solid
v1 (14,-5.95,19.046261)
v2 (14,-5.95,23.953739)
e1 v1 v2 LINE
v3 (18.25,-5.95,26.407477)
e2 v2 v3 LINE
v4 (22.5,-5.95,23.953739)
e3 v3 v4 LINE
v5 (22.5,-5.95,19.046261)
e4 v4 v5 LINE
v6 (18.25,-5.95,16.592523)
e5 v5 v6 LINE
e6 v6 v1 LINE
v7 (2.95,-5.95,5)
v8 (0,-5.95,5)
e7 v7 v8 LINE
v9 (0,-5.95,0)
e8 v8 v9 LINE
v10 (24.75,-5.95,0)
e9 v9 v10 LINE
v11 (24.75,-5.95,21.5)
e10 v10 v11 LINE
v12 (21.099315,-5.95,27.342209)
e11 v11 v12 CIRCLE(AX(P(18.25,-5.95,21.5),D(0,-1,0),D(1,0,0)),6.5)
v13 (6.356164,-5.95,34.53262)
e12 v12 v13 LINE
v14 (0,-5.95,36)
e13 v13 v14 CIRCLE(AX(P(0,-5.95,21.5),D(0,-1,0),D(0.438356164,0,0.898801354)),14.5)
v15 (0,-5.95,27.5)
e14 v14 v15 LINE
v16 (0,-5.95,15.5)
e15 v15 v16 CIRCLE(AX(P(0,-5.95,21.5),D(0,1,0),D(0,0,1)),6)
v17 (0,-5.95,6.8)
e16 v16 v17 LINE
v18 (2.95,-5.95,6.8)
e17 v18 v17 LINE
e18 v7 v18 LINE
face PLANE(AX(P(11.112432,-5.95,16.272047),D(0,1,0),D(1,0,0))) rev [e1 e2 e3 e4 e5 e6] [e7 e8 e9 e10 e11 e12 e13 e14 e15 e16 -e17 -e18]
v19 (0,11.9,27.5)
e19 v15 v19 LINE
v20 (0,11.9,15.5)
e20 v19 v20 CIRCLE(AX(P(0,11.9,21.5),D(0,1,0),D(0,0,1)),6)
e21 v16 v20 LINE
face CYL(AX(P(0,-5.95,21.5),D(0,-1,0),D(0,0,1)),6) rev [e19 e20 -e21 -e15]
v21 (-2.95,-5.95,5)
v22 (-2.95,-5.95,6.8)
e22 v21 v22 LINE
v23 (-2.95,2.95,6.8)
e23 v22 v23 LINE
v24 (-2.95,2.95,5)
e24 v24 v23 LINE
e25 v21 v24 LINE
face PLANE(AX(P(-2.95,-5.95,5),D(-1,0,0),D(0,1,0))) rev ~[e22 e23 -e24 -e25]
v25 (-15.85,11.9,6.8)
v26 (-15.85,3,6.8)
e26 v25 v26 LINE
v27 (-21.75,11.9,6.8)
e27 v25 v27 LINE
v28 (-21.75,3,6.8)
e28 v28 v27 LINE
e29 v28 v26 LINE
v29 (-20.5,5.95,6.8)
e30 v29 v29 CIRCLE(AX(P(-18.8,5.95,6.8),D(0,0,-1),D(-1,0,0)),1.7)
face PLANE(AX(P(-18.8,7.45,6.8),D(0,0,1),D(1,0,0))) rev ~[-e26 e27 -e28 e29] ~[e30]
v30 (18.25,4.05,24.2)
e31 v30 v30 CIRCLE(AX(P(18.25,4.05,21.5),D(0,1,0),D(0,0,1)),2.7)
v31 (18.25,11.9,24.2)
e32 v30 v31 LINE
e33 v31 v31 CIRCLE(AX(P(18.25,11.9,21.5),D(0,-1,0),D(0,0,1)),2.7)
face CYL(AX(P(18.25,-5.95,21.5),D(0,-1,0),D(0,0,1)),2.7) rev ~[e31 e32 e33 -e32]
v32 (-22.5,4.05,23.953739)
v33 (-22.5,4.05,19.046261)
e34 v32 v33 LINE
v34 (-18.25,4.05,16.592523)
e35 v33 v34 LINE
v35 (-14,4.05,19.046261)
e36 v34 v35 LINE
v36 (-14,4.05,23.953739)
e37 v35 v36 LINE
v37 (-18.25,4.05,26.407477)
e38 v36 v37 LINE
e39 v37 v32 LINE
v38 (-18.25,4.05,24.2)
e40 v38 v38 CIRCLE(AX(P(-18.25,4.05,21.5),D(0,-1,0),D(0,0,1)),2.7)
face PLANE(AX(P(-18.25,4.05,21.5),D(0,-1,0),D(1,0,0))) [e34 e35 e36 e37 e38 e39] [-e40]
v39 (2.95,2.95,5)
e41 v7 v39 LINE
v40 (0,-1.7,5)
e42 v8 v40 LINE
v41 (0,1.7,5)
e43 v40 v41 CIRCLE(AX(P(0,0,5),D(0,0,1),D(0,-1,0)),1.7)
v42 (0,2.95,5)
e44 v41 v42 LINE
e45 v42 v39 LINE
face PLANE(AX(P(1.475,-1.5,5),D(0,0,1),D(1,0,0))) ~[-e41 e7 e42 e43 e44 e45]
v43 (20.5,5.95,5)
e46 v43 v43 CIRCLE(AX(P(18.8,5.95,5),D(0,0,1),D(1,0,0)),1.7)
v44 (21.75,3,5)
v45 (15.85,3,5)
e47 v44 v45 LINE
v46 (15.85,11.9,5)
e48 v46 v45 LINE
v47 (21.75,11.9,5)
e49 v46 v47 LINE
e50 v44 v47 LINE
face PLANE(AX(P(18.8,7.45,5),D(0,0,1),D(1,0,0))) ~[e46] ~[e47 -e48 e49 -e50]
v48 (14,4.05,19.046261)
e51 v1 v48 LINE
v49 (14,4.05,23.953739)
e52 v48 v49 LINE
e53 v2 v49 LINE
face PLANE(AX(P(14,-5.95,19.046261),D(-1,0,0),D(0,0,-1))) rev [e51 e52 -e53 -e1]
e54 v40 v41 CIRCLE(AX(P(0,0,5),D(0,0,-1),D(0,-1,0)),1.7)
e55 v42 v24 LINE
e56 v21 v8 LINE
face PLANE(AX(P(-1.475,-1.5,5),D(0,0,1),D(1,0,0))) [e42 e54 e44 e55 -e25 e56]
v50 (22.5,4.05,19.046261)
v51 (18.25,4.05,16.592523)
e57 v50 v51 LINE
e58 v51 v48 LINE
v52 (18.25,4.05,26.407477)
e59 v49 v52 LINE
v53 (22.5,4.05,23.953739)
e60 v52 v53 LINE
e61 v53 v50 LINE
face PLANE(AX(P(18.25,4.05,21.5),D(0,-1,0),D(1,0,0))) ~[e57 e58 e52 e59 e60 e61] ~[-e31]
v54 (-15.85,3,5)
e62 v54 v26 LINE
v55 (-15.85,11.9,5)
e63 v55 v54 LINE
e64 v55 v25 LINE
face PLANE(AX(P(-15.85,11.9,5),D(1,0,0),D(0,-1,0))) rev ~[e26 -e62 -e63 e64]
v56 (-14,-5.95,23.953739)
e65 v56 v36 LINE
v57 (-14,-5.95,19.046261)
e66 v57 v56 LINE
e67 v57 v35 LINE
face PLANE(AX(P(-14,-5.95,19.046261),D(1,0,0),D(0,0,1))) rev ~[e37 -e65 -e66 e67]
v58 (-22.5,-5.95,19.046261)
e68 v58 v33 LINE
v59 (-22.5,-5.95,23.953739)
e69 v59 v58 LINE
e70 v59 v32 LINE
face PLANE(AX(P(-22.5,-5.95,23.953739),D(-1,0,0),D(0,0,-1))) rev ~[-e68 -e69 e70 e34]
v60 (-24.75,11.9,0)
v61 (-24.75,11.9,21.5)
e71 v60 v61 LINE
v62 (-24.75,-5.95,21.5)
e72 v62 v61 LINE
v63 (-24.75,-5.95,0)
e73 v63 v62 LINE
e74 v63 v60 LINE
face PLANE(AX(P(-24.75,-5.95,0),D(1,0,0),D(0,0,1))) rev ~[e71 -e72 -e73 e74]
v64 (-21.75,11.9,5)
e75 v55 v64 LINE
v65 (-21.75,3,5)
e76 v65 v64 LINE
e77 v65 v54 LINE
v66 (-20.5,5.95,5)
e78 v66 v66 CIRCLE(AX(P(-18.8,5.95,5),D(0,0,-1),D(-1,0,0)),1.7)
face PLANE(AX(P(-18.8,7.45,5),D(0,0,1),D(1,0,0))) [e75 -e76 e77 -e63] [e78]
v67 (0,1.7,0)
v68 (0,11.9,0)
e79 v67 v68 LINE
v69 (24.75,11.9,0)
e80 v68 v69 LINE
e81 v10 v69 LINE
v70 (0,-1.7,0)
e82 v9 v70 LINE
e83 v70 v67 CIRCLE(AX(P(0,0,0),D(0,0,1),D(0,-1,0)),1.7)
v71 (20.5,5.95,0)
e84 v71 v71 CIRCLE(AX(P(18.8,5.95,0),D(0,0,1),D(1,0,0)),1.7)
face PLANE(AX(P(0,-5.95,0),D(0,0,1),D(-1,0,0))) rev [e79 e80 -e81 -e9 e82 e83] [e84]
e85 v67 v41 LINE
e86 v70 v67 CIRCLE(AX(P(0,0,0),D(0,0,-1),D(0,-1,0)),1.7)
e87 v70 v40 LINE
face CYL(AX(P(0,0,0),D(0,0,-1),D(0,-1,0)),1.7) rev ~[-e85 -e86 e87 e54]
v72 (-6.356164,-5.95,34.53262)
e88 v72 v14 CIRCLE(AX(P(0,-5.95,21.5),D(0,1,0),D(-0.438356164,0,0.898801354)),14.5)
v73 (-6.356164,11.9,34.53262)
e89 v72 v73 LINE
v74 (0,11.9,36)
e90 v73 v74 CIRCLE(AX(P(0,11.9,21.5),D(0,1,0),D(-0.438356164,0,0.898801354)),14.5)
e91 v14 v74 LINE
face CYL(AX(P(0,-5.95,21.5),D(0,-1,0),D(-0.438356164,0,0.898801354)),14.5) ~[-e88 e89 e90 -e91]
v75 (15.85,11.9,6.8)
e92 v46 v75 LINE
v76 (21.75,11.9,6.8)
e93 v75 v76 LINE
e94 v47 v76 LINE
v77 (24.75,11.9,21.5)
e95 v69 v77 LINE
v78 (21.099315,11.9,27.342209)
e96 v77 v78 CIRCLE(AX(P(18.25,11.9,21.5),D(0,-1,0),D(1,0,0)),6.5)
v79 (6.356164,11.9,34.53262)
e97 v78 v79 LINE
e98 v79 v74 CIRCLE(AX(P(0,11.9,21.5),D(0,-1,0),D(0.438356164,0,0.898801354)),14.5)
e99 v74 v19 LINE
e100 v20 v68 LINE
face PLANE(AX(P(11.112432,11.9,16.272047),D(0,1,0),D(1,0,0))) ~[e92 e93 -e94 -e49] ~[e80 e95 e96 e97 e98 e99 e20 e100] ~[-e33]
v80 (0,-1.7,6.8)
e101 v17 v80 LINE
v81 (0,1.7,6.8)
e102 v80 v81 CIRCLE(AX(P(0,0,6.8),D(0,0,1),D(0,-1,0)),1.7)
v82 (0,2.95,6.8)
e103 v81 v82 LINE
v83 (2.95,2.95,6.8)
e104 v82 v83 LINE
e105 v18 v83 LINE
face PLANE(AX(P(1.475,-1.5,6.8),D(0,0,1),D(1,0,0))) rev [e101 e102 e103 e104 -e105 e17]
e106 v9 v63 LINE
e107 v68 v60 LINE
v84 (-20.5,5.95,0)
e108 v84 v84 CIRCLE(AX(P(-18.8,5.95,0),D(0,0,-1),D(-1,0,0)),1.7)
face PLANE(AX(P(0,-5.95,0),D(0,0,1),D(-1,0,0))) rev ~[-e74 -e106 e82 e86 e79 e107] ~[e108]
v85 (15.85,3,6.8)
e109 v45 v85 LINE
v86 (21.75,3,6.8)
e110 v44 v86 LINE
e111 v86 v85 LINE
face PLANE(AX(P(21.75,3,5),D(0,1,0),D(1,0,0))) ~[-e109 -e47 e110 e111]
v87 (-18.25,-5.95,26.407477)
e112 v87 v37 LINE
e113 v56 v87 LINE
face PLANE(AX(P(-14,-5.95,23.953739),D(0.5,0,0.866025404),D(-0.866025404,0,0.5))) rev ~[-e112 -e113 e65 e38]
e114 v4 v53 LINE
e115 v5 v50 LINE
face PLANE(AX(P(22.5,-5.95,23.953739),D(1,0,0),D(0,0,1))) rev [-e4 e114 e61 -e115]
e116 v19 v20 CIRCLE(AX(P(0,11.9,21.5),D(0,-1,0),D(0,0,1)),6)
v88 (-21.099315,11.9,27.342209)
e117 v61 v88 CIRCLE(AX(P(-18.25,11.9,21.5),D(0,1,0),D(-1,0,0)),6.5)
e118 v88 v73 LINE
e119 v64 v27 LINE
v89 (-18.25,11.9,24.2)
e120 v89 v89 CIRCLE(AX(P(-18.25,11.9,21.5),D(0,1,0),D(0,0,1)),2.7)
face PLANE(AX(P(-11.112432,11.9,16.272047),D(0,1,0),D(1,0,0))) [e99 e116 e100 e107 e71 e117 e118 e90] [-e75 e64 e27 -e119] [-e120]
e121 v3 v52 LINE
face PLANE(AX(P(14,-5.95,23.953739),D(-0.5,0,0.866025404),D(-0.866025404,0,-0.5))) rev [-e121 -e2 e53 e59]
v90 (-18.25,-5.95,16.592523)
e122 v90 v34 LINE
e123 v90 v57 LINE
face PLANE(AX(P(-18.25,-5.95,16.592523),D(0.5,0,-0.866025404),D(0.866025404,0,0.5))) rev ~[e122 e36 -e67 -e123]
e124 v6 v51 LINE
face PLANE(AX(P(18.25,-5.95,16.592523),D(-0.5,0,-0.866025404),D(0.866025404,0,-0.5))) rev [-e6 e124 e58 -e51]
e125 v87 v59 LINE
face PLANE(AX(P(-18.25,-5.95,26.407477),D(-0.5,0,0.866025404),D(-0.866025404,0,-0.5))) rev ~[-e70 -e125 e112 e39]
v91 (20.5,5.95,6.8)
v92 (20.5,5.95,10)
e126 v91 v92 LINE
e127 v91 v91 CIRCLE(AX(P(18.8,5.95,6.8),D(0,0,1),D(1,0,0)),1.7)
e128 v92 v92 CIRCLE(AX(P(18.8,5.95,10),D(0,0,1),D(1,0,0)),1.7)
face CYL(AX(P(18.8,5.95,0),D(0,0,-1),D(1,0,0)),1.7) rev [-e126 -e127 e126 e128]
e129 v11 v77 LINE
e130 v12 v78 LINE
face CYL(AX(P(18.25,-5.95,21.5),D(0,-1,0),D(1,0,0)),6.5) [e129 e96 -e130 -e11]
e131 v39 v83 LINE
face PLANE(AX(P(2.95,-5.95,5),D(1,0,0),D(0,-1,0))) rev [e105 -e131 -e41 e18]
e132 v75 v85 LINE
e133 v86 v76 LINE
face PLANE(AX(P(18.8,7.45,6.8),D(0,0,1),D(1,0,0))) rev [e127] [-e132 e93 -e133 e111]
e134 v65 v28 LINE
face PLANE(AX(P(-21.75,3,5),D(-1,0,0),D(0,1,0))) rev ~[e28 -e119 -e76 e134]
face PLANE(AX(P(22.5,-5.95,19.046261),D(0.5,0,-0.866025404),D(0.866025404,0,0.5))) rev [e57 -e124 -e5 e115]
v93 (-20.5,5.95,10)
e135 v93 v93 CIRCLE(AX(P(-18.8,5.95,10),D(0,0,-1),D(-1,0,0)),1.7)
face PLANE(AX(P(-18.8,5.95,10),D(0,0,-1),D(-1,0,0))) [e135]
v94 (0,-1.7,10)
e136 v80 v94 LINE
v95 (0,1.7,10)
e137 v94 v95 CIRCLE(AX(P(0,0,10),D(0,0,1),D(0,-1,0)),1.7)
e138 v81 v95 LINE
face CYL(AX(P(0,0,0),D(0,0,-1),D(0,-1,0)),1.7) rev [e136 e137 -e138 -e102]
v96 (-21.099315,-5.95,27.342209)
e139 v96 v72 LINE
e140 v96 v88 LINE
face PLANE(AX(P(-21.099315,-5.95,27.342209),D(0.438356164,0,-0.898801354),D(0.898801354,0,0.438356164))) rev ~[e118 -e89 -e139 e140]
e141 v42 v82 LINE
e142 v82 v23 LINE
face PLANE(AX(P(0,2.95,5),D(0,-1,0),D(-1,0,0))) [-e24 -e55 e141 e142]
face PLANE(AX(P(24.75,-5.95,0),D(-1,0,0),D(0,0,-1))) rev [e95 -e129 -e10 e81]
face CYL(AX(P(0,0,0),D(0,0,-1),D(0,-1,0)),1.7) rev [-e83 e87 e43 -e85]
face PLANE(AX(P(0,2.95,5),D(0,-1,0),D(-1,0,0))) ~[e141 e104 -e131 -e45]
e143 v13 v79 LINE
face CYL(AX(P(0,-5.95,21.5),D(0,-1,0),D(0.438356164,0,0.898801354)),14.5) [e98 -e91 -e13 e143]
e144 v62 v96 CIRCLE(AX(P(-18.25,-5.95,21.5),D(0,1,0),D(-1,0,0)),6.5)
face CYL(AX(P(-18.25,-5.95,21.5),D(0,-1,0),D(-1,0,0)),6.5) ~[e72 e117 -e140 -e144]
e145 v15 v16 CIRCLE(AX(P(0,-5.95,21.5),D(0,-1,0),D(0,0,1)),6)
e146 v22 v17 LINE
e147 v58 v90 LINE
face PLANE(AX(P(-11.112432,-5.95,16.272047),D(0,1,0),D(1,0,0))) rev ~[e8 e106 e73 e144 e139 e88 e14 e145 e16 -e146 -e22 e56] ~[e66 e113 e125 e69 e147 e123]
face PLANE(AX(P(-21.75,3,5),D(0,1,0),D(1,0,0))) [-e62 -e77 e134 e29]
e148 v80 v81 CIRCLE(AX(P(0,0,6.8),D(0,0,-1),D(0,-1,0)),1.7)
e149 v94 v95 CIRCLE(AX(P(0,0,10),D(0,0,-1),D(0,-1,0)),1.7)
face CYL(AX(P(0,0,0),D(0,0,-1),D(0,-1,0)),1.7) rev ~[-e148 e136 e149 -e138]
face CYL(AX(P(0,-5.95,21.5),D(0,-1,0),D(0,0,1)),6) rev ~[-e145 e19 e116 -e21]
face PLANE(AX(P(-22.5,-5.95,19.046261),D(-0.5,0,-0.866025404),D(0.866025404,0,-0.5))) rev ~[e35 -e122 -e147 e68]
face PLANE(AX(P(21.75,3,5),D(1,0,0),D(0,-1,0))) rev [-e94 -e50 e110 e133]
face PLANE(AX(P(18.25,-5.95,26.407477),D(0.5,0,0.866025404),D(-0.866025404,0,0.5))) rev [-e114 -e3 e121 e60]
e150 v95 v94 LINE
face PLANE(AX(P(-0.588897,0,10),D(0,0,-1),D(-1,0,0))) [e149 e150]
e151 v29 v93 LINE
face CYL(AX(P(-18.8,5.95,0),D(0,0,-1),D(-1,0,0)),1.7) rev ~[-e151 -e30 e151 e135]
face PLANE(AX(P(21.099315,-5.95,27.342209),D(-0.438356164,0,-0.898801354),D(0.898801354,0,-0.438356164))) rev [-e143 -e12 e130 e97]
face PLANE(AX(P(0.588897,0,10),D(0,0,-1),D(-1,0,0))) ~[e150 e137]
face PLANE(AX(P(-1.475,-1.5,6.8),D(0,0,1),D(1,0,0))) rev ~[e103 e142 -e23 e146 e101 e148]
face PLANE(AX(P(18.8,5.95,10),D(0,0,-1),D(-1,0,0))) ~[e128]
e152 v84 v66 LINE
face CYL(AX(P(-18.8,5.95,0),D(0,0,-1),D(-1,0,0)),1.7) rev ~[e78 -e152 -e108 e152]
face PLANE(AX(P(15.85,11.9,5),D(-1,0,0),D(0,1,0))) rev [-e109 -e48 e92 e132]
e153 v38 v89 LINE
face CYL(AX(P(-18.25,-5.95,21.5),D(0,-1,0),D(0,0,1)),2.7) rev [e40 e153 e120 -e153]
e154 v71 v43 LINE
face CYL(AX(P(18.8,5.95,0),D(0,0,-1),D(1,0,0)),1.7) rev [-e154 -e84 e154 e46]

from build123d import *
from build123d.topology import SkipClean

# Parameters (mm, degrees)
BOSS_EXTRUDE1_DEPTH      = 11.9
BOSS_EXTRUDE1_DEPTH_BACK = 5.95
SKETCH1_R                = 2.7
SKETCH3_R                = 1.7
CUT_EXTRUDE1_DEPTH       = 10
CUT_EXTRUDE2_START       = -5
CUT_EXTRUDE2_DEPTH       = 1.8
CUT_EXTRUDE3_DEPTH       = 10


with BuildPart() as part:
    # Sketch1 → Boss-Extrude1 (new, two sides: drawn at the far end of the back side and taken through both)
    with BuildSketch(Plane(origin=(0, 0, 0), x_dir=(1, 0, 0), z_dir=(0, 1, 0)).offset(-BOSS_EXTRUDE1_DEPTH_BACK)):
        with BuildLine():
            Line((-24.75, 0), (-24.75, -21.5))
            ThreePointArc((-24.75, -21.5), (-23.762283916, -24.944521161), (-21.099315068, -27.342208798))
            Line((-21.099315068, -27.342208798), (-6.356164384, -34.532619627))
            ThreePointArc((-6.356164384, -34.532619627), (-3.261672532, -35.628393125), (0, -36))
            Line((0, -36), (0, -27.5))
            ThreePointArc((0, -27.5), (-6, -21.5), (0, -15.5))
            Line((0, -15.5), (0, 0))
            Line((0, 0), (-24.75, 0))
        make_face()
        with Locations(Location((-18.25, -21.5, 0), (0, 0, 270))):
            Circle(SKETCH1_R, mode=Mode.SUBTRACT)
    extrude(amount=BOSS_EXTRUDE1_DEPTH + BOSS_EXTRUDE1_DEPTH_BACK)

    # Sketch3 → Cut-Extrude1 (cut)
    with BuildSketch(Plane(origin=(0, 0, 0), x_dir=(-1, 0, 0), z_dir=(0, 0, -1))):
        with Locations((18.8, 5.95)):
            Circle(SKETCH3_R)
        with BuildLine():
            Line((0, 1.7), (0, -1.7))
            ThreePointArc((0, -1.7), (1.7, 0), (0, 1.7))
        make_face()
    extrude(amount=-CUT_EXTRUDE1_DEPTH, mode=Mode.SUBTRACT)

    # Sketch4 → Cut-Extrude2 (cut)
    with BuildSketch(Plane(origin=(0, 0, 0), x_dir=(-1, 0, 0), z_dir=(0, 0, -1)).offset(CUT_EXTRUDE2_START)):
        Polygon((15.85, 8.9), (15.85, 11.9), (21.75, 11.9), (21.75, 8.9), (21.75, 3), (15.85, 3), align=None)
        Polygon((0, 2.95), (2.95, 2.95), (2.95, 0), (2.95, -5.95), (0, -5.95), align=None)
    extrude(amount=-CUT_EXTRUDE2_DEPTH, mode=Mode.SUBTRACT)

    # Sketch6 → Cut-Extrude3 (cut)
    with BuildSketch(Plane.XZ.offset(5.95)):
        Polygon((-14, 23.953738644), (-18.25, 26.407477288), (-22.5, 23.953738644), (-22.5, 19.046261356), (-18.25, 16.592522712), (-14, 19.046261356), align=None)
    extrude(amount=-CUT_EXTRUDE3_DEPTH, mode=Mode.SUBTRACT)

    # Mirror1: part across plane


with BuildPart() as part_1:
    with SkipClean():  # the faces are left unmerged after this step: merging them gives an invalid solid
        add(part.part)
        add(part.part.mirror(Plane(origin=(0, -5.95, 0), x_dir=(0, 0, 1), z_dir=(1, 0, 0))))


solid = part_1.part
